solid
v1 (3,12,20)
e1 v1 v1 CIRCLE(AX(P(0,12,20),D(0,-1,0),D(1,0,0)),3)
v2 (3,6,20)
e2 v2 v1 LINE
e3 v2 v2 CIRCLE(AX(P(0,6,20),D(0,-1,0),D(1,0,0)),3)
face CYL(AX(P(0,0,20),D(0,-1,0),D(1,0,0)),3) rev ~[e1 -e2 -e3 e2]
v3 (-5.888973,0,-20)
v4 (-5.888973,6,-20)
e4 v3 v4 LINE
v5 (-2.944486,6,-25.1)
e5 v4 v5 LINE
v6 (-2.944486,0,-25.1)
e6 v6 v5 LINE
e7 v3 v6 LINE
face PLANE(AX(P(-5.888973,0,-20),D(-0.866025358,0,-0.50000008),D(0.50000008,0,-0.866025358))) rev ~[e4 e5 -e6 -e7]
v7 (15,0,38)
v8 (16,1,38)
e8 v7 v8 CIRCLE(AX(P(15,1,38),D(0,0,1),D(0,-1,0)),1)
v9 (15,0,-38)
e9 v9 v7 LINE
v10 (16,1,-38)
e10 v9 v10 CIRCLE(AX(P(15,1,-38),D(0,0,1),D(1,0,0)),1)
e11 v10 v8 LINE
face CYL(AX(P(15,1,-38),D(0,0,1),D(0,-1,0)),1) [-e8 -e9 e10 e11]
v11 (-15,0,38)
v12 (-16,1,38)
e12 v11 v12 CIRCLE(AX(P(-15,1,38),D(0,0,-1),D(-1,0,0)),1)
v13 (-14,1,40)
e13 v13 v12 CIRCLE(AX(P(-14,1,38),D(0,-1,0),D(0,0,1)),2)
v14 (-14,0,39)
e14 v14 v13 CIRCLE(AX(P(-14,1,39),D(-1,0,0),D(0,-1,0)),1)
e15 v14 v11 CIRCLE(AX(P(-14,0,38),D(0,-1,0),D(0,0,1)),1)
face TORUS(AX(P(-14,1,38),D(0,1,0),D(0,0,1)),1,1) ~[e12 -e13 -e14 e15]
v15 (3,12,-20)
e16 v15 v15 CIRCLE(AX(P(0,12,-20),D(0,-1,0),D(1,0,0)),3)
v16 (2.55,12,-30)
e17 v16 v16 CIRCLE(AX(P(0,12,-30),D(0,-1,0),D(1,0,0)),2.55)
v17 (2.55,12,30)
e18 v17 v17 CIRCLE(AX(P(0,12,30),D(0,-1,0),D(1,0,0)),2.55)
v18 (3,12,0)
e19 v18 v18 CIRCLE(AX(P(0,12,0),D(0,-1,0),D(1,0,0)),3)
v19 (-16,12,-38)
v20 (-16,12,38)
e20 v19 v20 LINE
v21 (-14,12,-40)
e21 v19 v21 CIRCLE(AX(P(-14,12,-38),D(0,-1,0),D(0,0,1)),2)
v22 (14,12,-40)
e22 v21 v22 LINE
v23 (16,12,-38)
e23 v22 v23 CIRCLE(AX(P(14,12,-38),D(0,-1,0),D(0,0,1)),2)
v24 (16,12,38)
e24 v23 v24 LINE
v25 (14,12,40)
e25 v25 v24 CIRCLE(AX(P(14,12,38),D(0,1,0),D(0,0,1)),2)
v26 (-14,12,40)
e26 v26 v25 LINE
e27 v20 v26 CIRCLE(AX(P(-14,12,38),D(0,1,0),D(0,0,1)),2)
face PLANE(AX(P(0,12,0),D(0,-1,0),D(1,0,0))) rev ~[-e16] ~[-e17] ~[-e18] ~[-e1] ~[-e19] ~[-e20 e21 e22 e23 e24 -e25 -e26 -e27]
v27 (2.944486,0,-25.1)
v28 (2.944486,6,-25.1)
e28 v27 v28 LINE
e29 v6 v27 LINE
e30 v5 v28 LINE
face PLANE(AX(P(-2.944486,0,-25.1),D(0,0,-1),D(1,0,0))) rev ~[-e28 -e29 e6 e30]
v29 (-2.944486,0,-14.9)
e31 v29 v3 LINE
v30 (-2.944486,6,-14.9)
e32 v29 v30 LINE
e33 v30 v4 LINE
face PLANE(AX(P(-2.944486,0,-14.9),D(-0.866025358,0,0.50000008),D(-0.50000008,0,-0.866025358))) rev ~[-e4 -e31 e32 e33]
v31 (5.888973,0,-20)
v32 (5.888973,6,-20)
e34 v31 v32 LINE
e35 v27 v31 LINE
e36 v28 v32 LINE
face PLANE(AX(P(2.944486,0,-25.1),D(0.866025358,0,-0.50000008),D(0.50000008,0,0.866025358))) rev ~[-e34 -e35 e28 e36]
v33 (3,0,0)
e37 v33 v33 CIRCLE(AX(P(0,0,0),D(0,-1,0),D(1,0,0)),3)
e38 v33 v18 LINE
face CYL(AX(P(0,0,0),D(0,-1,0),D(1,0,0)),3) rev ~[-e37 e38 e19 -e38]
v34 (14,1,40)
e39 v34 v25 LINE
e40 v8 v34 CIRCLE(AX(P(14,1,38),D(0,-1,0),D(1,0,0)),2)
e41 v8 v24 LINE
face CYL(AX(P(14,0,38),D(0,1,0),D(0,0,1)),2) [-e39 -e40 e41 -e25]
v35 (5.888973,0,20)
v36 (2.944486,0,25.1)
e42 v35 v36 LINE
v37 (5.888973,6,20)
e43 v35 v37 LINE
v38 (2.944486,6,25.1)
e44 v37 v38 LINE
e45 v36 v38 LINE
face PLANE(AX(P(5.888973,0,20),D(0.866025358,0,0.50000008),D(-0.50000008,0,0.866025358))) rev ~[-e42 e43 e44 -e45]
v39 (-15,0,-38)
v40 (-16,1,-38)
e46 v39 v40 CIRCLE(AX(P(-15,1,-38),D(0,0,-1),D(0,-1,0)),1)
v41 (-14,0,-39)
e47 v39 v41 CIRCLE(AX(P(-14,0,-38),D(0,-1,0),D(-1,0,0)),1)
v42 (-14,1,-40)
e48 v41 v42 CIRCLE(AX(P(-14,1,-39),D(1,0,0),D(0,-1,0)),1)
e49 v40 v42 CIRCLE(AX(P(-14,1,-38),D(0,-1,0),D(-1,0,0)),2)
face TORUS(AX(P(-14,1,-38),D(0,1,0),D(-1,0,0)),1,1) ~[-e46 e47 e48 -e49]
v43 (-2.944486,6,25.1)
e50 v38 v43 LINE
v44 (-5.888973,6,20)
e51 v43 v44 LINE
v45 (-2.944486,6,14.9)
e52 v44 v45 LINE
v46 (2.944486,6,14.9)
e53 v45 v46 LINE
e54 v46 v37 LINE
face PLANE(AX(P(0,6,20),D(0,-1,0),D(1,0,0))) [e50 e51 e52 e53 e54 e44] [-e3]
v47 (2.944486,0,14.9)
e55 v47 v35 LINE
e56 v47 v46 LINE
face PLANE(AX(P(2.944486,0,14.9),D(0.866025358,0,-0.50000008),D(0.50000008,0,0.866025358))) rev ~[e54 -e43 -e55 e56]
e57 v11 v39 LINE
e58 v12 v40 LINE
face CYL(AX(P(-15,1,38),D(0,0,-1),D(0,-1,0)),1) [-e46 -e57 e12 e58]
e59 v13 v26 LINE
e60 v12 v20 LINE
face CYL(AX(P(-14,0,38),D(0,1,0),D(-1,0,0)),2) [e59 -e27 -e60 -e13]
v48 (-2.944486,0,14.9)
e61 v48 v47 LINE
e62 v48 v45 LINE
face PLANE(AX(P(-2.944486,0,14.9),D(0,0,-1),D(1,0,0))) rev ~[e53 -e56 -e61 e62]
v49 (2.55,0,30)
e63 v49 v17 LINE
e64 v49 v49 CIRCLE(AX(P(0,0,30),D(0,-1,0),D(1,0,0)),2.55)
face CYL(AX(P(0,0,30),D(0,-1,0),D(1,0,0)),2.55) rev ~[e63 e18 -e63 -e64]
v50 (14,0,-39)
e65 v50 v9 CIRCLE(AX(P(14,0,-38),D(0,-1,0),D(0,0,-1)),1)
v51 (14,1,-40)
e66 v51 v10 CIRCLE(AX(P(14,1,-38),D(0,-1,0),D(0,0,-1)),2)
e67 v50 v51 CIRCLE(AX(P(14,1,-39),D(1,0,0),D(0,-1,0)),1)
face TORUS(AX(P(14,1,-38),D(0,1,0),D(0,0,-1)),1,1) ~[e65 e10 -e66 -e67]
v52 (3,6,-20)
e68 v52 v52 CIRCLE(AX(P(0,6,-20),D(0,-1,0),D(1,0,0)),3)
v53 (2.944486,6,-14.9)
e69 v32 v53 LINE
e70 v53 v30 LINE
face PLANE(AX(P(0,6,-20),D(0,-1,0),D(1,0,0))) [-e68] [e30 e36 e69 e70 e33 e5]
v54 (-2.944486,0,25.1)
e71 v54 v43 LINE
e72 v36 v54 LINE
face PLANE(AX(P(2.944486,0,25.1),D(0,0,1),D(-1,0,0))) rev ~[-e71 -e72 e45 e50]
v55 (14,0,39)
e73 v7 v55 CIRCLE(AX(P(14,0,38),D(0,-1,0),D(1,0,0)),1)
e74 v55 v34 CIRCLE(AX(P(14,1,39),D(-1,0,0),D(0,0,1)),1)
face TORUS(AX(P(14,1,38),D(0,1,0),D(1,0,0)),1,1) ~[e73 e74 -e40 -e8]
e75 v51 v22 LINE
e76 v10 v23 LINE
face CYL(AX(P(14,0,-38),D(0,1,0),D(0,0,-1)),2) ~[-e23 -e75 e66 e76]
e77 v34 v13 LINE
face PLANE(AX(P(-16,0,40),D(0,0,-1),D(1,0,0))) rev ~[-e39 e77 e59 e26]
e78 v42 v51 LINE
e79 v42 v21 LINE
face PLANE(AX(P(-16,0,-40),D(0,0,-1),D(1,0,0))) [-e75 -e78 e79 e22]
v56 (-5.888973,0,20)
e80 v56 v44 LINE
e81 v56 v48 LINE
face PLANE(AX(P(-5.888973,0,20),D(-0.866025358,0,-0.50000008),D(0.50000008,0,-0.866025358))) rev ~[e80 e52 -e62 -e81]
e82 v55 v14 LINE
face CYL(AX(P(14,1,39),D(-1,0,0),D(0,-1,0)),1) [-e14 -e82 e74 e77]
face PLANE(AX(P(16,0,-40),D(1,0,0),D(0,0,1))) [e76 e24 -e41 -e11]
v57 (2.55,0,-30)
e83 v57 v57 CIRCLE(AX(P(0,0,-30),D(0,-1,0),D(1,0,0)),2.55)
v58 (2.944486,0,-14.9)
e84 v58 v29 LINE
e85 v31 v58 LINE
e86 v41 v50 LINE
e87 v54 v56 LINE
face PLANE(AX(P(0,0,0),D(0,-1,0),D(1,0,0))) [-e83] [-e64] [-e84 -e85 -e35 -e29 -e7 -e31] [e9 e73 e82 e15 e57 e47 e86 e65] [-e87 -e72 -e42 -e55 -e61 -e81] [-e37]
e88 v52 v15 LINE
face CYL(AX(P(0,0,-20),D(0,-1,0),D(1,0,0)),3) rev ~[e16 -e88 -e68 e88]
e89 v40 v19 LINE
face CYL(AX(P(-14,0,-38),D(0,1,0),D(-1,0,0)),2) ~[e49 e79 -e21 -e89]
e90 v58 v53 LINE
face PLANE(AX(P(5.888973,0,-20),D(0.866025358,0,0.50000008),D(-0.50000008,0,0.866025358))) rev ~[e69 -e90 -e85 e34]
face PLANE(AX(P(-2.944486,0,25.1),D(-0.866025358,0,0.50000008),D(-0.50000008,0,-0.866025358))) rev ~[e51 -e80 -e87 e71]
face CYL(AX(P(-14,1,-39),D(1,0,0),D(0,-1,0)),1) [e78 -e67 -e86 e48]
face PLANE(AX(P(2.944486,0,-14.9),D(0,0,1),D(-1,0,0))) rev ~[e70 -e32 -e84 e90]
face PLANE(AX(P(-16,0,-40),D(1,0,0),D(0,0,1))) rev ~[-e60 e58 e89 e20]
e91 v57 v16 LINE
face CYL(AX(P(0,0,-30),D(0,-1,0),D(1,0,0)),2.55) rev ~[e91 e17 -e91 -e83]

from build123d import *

# Parameters (mm, degrees)
SKETCH_W      = 32
SKETCH_H      = 80
PAD_DEPTH     = 12
SKETCH001_R   = 2.55
HOLE_DEPTH    = 25
SKETCH002_R   = 3
HOLE001_DEPTH = 12.001
SKETCH003_R   = 3
HOLE002_DEPTH = 25
FILLET_R      = 2
FILLET001_R   = 1
POCKET_DEPTH  = 6


with BuildPart() as part:
    # Sketch → Pad (new body)
    with BuildSketch(Plane.XZ):
        Rectangle(SKETCH_W, SKETCH_H)
    extrude(amount=-PAD_DEPTH)

    # Sketch001 → Hole (cut)
    with BuildSketch(Plane.XZ):
        with Locations((0, 30)):
            Circle(SKETCH001_R)
        with Locations((0, -30)):
            Circle(SKETCH001_R)
    extrude(amount=-HOLE_DEPTH, mode=Mode.SUBTRACT)

    # Sketch002 → Hole001 (cut, through all)
    with BuildSketch(Plane.XZ):
        with Locations((0, 20)):
            Circle(SKETCH002_R)
        with Locations((0, -20)):
            Circle(SKETCH002_R)
    extrude(amount=-HOLE001_DEPTH, mode=Mode.SUBTRACT)

    # Sketch003 → Hole002 (cut)
    with BuildSketch(Plane.XZ):
        Circle(SKETCH003_R)
    extrude(amount=-HOLE002_DEPTH, mode=Mode.SUBTRACT)

    # Fillet
    fillet_edges = [part.edges().sort_by_distance(p)[0] for p in [
        (-16, 6, 40),
        (16, 6, 40),
        (16, 6, -40),
        (-16, 6, -40),
    ]]
    fillet(fillet_edges, radius=FILLET_R)

    # Fillet001
    fillet001_edges = [part.edges().sort_by_distance(p)[0] for p in [
        (0, 0, -40),
        (-15.414214, 0, -39.414214),
        (-16, 0, 0),
        (-15.414214, 0, 39.414214),
        (0, 0, 40),
        (15.414214, 0, 39.414214),
        (16, 0, 0),
        (15.414214, 0, -39.414214),
    ]]
    fillet(fillet001_edges, radius=FILLET001_R)

    # Sketch004 → Pocket (cut)
    with BuildSketch(Plane.XZ):
        Polygon((2.944486, 25.1), (-2.944486, 25.1), (-5.888973, 20), (-2.944486, 14.9), (2.944486, 14.9), (5.888973, 20), align=None)
        Polygon((2.944486, -14.9), (-2.944486, -14.9), (-5.888973, -20), (-2.944486, -25.1), (2.944486, -25.1), (5.888973, -20), align=None)
    extrude(amount=-POCKET_DEPTH, mode=Mode.SUBTRACT)


solid = part.part
